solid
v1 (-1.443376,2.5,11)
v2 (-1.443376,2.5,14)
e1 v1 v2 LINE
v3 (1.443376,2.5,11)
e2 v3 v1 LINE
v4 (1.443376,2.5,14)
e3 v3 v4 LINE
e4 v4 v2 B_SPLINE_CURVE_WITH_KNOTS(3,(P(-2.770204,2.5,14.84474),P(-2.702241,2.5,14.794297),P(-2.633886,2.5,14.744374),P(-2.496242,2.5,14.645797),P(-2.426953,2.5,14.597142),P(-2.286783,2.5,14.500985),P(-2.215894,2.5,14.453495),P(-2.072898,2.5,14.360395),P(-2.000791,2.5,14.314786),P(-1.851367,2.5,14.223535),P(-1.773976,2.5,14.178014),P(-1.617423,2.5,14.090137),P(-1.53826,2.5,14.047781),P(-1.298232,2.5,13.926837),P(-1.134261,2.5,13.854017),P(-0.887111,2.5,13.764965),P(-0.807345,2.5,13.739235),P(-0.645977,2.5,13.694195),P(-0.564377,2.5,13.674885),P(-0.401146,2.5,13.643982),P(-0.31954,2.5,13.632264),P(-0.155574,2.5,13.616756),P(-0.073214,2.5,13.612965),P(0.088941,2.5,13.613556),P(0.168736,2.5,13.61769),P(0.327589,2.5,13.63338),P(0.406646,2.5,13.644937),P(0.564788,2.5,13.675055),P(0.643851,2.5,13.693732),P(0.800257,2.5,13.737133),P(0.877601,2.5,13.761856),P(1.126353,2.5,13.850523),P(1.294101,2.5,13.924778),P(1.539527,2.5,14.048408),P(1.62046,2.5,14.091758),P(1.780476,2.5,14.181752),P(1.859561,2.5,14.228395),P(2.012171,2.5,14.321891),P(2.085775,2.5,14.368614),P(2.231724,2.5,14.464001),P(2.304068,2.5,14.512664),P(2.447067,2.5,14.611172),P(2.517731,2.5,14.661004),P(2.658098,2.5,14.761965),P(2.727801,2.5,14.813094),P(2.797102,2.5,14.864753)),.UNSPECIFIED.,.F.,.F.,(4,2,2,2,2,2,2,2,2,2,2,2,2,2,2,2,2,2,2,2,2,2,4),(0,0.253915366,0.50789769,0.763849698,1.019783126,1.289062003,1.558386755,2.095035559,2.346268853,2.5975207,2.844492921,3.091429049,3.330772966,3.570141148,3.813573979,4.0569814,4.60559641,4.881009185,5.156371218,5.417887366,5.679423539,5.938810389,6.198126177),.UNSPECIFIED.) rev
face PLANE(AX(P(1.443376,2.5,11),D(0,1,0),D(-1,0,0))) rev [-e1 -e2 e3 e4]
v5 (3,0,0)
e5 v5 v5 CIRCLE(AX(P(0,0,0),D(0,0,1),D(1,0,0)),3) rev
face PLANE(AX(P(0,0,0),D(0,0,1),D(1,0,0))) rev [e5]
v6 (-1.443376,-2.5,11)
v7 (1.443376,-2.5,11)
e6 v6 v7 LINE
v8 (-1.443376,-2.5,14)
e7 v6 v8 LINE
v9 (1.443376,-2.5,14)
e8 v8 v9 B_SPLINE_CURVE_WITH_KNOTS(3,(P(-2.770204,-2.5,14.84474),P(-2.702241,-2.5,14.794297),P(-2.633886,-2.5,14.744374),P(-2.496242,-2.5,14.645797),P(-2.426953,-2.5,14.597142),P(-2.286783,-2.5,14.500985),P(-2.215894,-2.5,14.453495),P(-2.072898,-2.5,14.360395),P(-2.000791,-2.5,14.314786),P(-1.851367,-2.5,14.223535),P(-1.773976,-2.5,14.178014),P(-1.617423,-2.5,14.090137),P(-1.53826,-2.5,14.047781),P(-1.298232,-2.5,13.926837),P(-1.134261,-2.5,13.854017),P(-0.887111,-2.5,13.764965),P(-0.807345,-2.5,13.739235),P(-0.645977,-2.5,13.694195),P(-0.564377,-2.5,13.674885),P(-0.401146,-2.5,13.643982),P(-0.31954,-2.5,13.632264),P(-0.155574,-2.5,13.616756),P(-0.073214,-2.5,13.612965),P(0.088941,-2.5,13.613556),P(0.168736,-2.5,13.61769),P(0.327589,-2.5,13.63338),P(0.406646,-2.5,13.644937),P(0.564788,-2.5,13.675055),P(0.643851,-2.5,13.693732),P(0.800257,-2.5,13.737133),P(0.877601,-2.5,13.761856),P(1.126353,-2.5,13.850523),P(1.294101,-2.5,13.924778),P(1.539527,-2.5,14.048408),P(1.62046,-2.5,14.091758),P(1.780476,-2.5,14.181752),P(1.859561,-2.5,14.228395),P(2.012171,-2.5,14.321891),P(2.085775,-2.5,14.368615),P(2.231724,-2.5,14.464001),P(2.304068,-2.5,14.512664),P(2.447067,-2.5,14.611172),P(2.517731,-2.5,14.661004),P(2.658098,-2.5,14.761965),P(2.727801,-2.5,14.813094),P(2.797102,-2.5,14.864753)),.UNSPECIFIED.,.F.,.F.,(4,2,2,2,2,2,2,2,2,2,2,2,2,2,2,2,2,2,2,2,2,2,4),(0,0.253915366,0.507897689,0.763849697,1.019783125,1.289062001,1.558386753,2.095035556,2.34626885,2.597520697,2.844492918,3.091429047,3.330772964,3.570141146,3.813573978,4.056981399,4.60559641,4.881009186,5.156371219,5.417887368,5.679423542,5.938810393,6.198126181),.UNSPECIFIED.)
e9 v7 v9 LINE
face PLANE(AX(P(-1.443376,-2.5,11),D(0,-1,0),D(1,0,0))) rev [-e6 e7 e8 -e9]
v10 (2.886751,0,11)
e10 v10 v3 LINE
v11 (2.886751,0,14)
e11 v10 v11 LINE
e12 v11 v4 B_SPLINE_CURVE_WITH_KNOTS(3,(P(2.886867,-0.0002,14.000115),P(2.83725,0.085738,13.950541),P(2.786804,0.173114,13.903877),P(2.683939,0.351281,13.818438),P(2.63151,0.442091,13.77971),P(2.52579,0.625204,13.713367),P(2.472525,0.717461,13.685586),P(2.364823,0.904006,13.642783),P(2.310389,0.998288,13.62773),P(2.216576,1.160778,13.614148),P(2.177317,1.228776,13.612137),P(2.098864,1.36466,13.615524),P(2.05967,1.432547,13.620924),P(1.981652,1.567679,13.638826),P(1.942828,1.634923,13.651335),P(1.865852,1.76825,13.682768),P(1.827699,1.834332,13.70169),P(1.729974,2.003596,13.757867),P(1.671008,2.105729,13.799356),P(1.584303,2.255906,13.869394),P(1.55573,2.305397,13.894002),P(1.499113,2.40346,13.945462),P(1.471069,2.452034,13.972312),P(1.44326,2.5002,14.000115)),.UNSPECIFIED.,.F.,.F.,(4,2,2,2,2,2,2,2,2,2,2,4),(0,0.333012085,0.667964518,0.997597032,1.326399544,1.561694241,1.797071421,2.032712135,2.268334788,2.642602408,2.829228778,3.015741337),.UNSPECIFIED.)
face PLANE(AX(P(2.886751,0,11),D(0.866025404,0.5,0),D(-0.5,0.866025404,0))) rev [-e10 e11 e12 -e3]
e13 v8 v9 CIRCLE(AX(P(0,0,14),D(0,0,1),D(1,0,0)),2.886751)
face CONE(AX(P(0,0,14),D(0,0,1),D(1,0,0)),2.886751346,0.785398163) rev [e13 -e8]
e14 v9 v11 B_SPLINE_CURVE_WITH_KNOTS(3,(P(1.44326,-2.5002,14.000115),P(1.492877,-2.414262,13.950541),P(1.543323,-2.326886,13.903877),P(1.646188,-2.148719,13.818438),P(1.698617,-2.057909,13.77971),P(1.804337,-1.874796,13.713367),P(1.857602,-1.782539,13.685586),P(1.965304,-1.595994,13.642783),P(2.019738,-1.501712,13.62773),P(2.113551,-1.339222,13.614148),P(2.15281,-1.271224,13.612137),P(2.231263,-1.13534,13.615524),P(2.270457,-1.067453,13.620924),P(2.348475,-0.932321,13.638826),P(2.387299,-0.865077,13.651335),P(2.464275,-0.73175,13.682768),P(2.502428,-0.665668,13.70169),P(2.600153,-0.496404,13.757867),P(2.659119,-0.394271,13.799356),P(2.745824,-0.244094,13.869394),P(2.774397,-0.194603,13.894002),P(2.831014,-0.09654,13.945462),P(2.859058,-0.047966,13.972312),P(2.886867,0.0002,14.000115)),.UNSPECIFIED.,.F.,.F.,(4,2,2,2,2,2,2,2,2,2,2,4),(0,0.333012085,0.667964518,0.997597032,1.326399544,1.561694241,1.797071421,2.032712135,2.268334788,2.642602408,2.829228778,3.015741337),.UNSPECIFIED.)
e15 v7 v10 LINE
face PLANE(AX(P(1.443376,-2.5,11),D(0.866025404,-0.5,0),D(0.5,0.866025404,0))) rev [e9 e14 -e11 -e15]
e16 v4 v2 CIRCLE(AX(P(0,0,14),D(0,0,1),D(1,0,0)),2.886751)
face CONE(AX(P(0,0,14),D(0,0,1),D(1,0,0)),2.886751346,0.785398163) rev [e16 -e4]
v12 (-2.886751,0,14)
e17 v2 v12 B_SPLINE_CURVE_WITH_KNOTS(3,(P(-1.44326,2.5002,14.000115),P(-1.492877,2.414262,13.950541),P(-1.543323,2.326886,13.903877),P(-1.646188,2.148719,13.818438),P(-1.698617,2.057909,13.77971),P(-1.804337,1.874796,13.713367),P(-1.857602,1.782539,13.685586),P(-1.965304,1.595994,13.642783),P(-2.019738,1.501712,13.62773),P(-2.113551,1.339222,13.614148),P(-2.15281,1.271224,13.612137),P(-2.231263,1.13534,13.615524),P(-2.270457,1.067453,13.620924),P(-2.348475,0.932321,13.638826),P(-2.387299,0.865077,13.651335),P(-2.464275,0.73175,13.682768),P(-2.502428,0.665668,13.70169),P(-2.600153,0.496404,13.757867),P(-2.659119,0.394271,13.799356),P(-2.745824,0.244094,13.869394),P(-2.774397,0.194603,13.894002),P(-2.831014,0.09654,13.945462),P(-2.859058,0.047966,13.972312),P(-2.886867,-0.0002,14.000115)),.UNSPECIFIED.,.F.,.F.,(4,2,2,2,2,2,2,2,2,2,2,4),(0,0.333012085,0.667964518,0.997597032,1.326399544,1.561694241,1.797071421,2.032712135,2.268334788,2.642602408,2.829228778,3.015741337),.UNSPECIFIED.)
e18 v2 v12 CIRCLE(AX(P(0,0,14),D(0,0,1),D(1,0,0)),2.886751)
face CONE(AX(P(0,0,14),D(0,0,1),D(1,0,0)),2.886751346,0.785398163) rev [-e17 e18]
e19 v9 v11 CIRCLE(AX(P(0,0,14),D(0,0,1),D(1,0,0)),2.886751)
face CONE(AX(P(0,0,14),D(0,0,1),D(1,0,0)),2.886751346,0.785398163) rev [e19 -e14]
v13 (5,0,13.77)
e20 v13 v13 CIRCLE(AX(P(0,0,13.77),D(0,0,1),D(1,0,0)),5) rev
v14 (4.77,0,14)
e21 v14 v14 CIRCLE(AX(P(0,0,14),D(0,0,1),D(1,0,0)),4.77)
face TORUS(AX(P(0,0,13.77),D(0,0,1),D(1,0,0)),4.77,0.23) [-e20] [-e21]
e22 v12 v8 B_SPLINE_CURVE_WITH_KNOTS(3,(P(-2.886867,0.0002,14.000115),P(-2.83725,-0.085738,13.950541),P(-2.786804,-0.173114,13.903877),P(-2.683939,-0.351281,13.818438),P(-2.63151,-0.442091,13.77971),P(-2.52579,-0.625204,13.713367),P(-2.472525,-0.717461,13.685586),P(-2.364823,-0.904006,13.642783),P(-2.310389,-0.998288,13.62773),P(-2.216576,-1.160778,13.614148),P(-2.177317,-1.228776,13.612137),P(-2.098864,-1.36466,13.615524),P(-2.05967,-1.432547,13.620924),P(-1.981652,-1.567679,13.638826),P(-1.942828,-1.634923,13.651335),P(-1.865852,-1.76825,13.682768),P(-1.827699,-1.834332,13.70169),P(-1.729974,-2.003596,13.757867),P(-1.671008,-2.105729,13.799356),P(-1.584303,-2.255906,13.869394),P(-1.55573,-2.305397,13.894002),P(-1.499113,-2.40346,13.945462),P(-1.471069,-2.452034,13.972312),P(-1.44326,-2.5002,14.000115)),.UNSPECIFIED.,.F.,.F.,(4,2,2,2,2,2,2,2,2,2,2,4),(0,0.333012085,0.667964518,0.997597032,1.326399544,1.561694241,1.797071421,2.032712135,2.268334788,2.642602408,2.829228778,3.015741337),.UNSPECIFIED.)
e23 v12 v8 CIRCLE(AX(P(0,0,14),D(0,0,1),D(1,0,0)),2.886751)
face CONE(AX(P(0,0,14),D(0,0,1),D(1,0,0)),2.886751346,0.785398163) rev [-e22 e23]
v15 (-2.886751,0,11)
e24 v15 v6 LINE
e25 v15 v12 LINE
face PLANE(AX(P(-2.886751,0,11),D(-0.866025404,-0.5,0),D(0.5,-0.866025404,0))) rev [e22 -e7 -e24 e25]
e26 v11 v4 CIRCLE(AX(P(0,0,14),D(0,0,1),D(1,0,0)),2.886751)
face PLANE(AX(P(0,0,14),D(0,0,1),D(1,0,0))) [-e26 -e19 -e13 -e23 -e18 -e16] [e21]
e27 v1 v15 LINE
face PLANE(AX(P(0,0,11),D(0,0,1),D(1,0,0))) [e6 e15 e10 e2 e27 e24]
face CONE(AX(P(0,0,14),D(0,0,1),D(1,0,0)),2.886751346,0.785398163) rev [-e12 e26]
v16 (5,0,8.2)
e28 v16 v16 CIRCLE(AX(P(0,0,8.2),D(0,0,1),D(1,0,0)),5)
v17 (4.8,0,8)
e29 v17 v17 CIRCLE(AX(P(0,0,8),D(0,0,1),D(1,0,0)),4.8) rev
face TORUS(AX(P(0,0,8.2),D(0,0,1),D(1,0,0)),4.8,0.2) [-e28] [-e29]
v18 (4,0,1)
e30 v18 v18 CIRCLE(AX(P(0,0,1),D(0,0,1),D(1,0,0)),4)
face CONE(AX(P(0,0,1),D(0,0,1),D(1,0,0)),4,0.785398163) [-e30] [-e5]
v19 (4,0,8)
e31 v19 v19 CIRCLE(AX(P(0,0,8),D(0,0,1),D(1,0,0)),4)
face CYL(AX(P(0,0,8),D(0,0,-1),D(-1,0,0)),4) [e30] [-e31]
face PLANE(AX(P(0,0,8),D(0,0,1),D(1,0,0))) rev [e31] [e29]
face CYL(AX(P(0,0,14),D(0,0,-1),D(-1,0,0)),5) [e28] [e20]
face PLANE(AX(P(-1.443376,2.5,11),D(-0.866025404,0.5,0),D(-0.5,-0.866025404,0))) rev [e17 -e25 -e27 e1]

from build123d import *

# Parameters (mm, degrees)
SCHIZZO1_R                   = 4
ESTRUSIONE_ESTRUSIONE1_DEPTH = 8
SMUSSO1_SIZE                 = 1
SCHIZZO6_R                   = 5
ESTRUSIONE_ESTRUSIONE3_DEPTH = 6
TAGLIO_ESTRUSIONE3_DEPTH     = 3
SCHIZZO8_R                   = 2.886751346
TAGLIO_ESTRUSIONE4_DEPTH     = 1
TAGLIO_ESTRUSIONE4_TAPER     = 45
RACCORDO1_R                  = 0.23
RACCORDO2_R                  = 0.2


with BuildPart() as part:
    # Schizzo1 → Estrusione-Estrusione1 (new body)
    with BuildSketch(Plane.XY):
        Circle(SCHIZZO1_R)
    extrude(amount=ESTRUSIONE_ESTRUSIONE1_DEPTH)

    # Smusso1
    smusso1_edges = [part.edges().sort_by_distance(p)[0] for p in [
        (-4, 0, 0),
    ]]
    chamfer(smusso1_edges, length=SMUSSO1_SIZE)

    # Schizzo6 → Estrusione-Estrusione3 (add)
    with BuildSketch(Plane.XY.offset(8)):
        Circle(SCHIZZO6_R)
    extrude(amount=ESTRUSIONE_ESTRUSIONE3_DEPTH)

    # Schizzo7 → Taglio-Estrusione3 (cut)
    with BuildSketch(Plane.XY.offset(14)):
        Polygon((1.443375673, 2.5), (-1.443375673, 2.5), (-2.886751346, 0), (-1.443375673, -2.5), (1.443375673, -2.5), (2.886751346, 0), align=None)
    extrude(amount=-TAGLIO_ESTRUSIONE3_DEPTH, mode=Mode.SUBTRACT)

    # Schizzo8 → Taglio-Estrusione4 (cut)
    with BuildSketch(Plane.XY.offset(14)):
        Circle(SCHIZZO8_R)
    extrude(amount=-TAGLIO_ESTRUSIONE4_DEPTH, taper=TAGLIO_ESTRUSIONE4_TAPER, mode=Mode.SUBTRACT)

    # Raccordo1
    raccordo1_edges = [part.edges().sort_by_distance(p)[0] for p in [
        (-5, 0, 14),
    ]]
    fillet(raccordo1_edges, radius=RACCORDO1_R)

    # Raccordo2
    raccordo2_edges = [part.edges().sort_by_distance(p)[0] for p in [
        (-5, 0, 8),
    ]]
    fillet(raccordo2_edges, radius=RACCORDO2_R)


solid = part.part
